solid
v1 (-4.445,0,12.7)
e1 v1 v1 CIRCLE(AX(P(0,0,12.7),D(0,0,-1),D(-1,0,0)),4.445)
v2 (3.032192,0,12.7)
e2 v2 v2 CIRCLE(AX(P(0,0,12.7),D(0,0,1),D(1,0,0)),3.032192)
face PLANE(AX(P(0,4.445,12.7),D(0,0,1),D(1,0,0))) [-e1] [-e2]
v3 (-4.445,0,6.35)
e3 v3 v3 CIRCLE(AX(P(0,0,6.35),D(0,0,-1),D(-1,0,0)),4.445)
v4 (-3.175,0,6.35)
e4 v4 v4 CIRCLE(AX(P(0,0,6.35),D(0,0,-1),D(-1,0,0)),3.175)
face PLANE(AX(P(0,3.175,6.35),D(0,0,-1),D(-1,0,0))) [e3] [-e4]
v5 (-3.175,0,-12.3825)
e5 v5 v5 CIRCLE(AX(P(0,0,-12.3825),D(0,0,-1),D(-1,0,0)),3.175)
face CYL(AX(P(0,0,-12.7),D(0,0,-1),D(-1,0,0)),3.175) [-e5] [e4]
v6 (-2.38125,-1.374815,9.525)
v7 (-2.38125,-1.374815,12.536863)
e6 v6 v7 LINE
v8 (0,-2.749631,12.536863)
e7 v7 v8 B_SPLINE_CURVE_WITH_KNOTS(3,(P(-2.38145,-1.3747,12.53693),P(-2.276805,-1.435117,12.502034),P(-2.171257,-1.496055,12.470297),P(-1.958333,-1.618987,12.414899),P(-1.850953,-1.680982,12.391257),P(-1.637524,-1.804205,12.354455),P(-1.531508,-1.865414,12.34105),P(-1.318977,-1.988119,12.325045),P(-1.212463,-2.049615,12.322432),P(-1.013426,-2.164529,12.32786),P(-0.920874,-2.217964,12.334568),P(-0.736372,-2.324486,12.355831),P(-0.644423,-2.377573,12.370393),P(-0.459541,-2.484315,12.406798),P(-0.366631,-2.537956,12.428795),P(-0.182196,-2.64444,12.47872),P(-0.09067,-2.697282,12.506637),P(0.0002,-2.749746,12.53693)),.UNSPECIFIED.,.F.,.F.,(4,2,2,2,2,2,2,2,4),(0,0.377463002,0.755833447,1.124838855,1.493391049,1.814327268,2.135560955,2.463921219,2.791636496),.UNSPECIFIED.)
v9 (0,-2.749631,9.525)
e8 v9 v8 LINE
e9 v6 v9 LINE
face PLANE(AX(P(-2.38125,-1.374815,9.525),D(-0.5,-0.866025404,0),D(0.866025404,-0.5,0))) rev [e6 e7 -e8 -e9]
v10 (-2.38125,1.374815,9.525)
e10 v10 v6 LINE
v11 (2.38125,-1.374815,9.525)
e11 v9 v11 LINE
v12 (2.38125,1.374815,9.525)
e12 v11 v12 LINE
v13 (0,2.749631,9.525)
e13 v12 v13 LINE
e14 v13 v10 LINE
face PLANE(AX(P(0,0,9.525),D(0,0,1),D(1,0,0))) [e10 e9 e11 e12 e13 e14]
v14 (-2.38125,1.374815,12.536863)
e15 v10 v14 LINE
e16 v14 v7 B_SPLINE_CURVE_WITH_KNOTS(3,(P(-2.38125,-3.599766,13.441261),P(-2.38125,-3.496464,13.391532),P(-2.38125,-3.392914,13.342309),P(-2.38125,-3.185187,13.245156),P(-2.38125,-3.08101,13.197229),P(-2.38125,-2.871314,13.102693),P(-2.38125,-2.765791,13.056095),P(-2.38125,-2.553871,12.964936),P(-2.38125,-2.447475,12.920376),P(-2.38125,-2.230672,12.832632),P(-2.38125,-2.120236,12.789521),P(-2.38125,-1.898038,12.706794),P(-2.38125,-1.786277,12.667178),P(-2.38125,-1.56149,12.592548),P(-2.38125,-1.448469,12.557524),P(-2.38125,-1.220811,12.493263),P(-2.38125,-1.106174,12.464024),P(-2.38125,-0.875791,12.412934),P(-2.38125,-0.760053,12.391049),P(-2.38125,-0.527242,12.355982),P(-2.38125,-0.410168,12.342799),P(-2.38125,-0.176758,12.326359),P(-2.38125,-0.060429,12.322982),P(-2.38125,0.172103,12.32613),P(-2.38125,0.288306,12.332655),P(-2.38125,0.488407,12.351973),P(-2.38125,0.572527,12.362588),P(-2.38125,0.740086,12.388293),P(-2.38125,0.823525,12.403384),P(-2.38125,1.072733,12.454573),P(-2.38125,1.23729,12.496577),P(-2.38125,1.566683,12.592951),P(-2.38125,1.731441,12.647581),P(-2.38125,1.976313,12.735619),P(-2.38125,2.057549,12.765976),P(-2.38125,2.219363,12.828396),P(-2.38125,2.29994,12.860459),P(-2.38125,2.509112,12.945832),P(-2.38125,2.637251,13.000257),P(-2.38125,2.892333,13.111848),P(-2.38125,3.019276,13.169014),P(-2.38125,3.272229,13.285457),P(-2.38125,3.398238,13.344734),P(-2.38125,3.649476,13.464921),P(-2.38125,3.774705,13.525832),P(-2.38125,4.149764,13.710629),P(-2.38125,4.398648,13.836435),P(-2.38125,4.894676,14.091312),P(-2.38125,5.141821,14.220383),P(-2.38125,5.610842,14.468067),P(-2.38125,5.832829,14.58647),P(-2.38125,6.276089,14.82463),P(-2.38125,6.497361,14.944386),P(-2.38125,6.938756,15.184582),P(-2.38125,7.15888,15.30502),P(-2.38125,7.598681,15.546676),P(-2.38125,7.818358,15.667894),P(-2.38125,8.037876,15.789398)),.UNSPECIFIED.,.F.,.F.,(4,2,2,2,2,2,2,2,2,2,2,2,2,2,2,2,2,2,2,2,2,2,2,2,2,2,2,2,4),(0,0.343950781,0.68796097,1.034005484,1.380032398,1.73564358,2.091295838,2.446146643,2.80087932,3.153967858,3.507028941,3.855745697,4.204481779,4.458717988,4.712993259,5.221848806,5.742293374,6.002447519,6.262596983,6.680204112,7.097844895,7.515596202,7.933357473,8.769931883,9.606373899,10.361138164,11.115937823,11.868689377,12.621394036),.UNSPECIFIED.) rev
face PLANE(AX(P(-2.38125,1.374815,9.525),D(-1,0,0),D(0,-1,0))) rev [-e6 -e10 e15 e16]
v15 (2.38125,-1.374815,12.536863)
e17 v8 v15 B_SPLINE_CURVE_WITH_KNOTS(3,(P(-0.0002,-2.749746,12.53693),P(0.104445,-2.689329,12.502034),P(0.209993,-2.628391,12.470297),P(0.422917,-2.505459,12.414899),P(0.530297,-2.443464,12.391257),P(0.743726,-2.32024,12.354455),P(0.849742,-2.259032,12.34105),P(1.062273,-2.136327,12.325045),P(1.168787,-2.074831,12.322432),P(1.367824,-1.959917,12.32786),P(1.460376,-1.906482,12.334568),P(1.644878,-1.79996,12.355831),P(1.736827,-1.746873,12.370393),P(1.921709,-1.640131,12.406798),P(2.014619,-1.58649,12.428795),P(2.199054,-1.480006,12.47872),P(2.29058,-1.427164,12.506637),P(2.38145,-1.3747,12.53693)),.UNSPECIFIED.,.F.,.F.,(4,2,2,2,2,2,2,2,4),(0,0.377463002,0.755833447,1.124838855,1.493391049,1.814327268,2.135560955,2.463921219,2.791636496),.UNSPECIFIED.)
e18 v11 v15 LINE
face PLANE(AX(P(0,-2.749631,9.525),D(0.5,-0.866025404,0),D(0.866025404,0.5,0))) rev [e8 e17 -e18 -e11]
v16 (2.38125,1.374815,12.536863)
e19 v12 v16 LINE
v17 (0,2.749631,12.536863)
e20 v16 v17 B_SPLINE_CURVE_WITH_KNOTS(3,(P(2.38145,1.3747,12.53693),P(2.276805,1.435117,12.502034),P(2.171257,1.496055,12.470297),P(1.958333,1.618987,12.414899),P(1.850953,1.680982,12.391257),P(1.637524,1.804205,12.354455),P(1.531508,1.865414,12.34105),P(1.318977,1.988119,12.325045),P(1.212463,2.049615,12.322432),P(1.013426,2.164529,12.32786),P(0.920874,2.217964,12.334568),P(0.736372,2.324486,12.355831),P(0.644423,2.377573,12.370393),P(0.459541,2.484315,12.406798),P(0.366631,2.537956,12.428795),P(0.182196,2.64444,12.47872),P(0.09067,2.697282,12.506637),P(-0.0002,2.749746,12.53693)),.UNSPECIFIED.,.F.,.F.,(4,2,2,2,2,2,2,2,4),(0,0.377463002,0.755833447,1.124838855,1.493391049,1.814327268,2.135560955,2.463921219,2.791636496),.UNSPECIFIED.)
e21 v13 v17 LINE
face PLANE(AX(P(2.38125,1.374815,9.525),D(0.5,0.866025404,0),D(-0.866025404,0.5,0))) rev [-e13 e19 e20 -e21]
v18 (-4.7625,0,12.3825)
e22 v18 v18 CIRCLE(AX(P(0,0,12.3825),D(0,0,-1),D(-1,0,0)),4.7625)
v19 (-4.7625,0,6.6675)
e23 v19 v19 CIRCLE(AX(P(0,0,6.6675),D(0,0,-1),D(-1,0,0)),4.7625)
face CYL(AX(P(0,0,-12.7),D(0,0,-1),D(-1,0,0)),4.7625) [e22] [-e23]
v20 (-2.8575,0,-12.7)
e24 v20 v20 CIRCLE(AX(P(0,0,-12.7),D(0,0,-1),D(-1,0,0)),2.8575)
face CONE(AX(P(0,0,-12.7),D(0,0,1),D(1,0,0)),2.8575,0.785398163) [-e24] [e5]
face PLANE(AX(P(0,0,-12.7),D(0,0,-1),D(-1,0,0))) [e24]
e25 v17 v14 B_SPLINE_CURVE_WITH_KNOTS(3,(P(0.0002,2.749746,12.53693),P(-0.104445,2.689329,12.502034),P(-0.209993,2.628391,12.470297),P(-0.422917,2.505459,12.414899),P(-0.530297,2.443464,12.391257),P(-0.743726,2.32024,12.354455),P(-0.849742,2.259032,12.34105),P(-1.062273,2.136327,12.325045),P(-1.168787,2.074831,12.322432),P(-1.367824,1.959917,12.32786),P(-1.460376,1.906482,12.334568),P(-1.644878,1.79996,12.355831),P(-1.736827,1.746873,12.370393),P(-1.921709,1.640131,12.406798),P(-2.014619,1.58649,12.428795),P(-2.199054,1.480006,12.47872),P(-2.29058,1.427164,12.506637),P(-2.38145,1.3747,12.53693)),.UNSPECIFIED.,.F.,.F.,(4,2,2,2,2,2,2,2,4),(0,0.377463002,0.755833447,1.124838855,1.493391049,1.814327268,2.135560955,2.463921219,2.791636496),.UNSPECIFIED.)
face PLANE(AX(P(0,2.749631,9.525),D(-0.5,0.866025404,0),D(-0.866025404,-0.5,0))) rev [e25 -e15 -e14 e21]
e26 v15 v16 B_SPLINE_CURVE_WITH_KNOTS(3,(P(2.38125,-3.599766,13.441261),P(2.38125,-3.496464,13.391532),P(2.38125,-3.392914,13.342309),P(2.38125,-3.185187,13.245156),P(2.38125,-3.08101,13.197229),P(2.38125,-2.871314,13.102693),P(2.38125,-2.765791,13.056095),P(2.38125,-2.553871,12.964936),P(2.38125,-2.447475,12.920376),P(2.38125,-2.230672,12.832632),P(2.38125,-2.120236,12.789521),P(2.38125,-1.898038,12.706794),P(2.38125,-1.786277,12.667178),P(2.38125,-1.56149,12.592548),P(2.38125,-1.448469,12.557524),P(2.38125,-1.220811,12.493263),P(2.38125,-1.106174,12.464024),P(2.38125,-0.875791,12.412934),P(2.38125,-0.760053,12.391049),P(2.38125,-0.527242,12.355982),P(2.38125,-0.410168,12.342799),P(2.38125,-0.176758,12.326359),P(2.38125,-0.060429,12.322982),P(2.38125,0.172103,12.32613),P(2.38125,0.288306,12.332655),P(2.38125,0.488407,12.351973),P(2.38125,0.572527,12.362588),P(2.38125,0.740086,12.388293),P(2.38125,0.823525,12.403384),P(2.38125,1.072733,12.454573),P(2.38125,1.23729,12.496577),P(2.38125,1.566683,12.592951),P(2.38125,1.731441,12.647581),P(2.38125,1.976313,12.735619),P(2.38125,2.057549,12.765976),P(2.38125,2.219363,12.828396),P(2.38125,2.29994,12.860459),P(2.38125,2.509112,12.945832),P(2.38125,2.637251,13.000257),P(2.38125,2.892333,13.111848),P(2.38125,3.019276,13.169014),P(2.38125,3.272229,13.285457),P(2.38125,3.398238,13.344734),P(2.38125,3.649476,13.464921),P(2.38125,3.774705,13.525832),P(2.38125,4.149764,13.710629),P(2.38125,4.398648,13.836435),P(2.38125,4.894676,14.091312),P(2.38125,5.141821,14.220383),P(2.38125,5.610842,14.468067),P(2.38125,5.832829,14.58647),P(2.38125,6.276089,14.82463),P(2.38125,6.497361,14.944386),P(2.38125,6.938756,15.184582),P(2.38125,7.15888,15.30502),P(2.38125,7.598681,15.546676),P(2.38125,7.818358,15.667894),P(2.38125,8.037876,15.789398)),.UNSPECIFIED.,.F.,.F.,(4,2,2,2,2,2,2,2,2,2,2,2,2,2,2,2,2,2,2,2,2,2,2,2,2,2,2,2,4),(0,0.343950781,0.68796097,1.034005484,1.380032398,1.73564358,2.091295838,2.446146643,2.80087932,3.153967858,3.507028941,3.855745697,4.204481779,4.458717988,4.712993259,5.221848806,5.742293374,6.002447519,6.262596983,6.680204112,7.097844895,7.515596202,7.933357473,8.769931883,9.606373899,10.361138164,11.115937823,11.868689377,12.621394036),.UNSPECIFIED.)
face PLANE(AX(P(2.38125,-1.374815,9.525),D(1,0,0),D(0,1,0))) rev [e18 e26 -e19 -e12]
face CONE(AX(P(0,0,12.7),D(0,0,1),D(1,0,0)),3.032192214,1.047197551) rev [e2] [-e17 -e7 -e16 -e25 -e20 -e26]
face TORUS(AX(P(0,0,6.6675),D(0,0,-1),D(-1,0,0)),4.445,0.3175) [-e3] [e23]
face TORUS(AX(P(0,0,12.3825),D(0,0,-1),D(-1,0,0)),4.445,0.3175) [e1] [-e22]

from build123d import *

# Parameters (mm, degrees)
CUT_EXTRUDE1_START = 12.7
CUT_EXTRUDE1_DEPTH = 3.175


with BuildPart() as part:
    # Sketch2 → Revolve1 (revolve)
    with BuildSketch(Plane(origin=(0, 0, 0), x_dir=(0, 0, -1), z_dir=(1, 0, 0)), mode=Mode.PRIVATE) as revolve1_sk:
        with BuildLine():
            Line((12.7, 0), (12.7, 2.8575))
            Line((12.7, 2.8575), (12.3825, 3.175))
            Line((12.3825, 3.175), (-6.35, 3.175))
            Line((-6.35, 3.175), (-6.35, 4.445))
            ThreePointArc((-6.35, 4.445), (-6.442993597, 4.669506403), (-6.6675, 4.7625))
            Line((-6.6675, 4.7625), (-12.3825, 4.7625))
            ThreePointArc((-12.3825, 4.7625), (-12.607006403, 4.669506403), (-12.7, 4.445))
            Line((-12.7, 4.445), (-12.7, 0))
            Line((-12.7, 0), (12.7, 0))
        make_face()
    revolve(revolve1_sk.sketch.rotate(Axis((0, 0, -12.7), (0, 0, 1)), 90), axis=Axis((0, 0, -12.7), (0, 0, 1)))

    # Sketch3 → Cut-Extrude1 (cut)
    with BuildSketch(Plane.XY.offset(CUT_EXTRUDE1_START)):
        Polygon((-2.38125, 1.374815329), (-2.38125, -1.374815329), (0, -2.749630657), (2.38125, -1.374815329), (2.38125, 1.374815329), (0, 2.749630657), align=None)
    extrude(amount=-CUT_EXTRUDE1_DEPTH, mode=Mode.SUBTRACT)

    # Cut-Extrude2 cone 1 section (through the dimple's axis) → Cut-Extrude2 (revolve, cut)
    with BuildSketch(Plane(origin=(0, 0, 12.7), x_dir=(0, -1, 0), z_dir=(1, 0, 0))):
        Polygon((0, 0), (3.032192214, 0), (0, 1.750636991), align=None)
    revolve(axis=Axis((0, 0, 12.7), (0, 0, -1)), mode=Mode.SUBTRACT)


solid = part.part
